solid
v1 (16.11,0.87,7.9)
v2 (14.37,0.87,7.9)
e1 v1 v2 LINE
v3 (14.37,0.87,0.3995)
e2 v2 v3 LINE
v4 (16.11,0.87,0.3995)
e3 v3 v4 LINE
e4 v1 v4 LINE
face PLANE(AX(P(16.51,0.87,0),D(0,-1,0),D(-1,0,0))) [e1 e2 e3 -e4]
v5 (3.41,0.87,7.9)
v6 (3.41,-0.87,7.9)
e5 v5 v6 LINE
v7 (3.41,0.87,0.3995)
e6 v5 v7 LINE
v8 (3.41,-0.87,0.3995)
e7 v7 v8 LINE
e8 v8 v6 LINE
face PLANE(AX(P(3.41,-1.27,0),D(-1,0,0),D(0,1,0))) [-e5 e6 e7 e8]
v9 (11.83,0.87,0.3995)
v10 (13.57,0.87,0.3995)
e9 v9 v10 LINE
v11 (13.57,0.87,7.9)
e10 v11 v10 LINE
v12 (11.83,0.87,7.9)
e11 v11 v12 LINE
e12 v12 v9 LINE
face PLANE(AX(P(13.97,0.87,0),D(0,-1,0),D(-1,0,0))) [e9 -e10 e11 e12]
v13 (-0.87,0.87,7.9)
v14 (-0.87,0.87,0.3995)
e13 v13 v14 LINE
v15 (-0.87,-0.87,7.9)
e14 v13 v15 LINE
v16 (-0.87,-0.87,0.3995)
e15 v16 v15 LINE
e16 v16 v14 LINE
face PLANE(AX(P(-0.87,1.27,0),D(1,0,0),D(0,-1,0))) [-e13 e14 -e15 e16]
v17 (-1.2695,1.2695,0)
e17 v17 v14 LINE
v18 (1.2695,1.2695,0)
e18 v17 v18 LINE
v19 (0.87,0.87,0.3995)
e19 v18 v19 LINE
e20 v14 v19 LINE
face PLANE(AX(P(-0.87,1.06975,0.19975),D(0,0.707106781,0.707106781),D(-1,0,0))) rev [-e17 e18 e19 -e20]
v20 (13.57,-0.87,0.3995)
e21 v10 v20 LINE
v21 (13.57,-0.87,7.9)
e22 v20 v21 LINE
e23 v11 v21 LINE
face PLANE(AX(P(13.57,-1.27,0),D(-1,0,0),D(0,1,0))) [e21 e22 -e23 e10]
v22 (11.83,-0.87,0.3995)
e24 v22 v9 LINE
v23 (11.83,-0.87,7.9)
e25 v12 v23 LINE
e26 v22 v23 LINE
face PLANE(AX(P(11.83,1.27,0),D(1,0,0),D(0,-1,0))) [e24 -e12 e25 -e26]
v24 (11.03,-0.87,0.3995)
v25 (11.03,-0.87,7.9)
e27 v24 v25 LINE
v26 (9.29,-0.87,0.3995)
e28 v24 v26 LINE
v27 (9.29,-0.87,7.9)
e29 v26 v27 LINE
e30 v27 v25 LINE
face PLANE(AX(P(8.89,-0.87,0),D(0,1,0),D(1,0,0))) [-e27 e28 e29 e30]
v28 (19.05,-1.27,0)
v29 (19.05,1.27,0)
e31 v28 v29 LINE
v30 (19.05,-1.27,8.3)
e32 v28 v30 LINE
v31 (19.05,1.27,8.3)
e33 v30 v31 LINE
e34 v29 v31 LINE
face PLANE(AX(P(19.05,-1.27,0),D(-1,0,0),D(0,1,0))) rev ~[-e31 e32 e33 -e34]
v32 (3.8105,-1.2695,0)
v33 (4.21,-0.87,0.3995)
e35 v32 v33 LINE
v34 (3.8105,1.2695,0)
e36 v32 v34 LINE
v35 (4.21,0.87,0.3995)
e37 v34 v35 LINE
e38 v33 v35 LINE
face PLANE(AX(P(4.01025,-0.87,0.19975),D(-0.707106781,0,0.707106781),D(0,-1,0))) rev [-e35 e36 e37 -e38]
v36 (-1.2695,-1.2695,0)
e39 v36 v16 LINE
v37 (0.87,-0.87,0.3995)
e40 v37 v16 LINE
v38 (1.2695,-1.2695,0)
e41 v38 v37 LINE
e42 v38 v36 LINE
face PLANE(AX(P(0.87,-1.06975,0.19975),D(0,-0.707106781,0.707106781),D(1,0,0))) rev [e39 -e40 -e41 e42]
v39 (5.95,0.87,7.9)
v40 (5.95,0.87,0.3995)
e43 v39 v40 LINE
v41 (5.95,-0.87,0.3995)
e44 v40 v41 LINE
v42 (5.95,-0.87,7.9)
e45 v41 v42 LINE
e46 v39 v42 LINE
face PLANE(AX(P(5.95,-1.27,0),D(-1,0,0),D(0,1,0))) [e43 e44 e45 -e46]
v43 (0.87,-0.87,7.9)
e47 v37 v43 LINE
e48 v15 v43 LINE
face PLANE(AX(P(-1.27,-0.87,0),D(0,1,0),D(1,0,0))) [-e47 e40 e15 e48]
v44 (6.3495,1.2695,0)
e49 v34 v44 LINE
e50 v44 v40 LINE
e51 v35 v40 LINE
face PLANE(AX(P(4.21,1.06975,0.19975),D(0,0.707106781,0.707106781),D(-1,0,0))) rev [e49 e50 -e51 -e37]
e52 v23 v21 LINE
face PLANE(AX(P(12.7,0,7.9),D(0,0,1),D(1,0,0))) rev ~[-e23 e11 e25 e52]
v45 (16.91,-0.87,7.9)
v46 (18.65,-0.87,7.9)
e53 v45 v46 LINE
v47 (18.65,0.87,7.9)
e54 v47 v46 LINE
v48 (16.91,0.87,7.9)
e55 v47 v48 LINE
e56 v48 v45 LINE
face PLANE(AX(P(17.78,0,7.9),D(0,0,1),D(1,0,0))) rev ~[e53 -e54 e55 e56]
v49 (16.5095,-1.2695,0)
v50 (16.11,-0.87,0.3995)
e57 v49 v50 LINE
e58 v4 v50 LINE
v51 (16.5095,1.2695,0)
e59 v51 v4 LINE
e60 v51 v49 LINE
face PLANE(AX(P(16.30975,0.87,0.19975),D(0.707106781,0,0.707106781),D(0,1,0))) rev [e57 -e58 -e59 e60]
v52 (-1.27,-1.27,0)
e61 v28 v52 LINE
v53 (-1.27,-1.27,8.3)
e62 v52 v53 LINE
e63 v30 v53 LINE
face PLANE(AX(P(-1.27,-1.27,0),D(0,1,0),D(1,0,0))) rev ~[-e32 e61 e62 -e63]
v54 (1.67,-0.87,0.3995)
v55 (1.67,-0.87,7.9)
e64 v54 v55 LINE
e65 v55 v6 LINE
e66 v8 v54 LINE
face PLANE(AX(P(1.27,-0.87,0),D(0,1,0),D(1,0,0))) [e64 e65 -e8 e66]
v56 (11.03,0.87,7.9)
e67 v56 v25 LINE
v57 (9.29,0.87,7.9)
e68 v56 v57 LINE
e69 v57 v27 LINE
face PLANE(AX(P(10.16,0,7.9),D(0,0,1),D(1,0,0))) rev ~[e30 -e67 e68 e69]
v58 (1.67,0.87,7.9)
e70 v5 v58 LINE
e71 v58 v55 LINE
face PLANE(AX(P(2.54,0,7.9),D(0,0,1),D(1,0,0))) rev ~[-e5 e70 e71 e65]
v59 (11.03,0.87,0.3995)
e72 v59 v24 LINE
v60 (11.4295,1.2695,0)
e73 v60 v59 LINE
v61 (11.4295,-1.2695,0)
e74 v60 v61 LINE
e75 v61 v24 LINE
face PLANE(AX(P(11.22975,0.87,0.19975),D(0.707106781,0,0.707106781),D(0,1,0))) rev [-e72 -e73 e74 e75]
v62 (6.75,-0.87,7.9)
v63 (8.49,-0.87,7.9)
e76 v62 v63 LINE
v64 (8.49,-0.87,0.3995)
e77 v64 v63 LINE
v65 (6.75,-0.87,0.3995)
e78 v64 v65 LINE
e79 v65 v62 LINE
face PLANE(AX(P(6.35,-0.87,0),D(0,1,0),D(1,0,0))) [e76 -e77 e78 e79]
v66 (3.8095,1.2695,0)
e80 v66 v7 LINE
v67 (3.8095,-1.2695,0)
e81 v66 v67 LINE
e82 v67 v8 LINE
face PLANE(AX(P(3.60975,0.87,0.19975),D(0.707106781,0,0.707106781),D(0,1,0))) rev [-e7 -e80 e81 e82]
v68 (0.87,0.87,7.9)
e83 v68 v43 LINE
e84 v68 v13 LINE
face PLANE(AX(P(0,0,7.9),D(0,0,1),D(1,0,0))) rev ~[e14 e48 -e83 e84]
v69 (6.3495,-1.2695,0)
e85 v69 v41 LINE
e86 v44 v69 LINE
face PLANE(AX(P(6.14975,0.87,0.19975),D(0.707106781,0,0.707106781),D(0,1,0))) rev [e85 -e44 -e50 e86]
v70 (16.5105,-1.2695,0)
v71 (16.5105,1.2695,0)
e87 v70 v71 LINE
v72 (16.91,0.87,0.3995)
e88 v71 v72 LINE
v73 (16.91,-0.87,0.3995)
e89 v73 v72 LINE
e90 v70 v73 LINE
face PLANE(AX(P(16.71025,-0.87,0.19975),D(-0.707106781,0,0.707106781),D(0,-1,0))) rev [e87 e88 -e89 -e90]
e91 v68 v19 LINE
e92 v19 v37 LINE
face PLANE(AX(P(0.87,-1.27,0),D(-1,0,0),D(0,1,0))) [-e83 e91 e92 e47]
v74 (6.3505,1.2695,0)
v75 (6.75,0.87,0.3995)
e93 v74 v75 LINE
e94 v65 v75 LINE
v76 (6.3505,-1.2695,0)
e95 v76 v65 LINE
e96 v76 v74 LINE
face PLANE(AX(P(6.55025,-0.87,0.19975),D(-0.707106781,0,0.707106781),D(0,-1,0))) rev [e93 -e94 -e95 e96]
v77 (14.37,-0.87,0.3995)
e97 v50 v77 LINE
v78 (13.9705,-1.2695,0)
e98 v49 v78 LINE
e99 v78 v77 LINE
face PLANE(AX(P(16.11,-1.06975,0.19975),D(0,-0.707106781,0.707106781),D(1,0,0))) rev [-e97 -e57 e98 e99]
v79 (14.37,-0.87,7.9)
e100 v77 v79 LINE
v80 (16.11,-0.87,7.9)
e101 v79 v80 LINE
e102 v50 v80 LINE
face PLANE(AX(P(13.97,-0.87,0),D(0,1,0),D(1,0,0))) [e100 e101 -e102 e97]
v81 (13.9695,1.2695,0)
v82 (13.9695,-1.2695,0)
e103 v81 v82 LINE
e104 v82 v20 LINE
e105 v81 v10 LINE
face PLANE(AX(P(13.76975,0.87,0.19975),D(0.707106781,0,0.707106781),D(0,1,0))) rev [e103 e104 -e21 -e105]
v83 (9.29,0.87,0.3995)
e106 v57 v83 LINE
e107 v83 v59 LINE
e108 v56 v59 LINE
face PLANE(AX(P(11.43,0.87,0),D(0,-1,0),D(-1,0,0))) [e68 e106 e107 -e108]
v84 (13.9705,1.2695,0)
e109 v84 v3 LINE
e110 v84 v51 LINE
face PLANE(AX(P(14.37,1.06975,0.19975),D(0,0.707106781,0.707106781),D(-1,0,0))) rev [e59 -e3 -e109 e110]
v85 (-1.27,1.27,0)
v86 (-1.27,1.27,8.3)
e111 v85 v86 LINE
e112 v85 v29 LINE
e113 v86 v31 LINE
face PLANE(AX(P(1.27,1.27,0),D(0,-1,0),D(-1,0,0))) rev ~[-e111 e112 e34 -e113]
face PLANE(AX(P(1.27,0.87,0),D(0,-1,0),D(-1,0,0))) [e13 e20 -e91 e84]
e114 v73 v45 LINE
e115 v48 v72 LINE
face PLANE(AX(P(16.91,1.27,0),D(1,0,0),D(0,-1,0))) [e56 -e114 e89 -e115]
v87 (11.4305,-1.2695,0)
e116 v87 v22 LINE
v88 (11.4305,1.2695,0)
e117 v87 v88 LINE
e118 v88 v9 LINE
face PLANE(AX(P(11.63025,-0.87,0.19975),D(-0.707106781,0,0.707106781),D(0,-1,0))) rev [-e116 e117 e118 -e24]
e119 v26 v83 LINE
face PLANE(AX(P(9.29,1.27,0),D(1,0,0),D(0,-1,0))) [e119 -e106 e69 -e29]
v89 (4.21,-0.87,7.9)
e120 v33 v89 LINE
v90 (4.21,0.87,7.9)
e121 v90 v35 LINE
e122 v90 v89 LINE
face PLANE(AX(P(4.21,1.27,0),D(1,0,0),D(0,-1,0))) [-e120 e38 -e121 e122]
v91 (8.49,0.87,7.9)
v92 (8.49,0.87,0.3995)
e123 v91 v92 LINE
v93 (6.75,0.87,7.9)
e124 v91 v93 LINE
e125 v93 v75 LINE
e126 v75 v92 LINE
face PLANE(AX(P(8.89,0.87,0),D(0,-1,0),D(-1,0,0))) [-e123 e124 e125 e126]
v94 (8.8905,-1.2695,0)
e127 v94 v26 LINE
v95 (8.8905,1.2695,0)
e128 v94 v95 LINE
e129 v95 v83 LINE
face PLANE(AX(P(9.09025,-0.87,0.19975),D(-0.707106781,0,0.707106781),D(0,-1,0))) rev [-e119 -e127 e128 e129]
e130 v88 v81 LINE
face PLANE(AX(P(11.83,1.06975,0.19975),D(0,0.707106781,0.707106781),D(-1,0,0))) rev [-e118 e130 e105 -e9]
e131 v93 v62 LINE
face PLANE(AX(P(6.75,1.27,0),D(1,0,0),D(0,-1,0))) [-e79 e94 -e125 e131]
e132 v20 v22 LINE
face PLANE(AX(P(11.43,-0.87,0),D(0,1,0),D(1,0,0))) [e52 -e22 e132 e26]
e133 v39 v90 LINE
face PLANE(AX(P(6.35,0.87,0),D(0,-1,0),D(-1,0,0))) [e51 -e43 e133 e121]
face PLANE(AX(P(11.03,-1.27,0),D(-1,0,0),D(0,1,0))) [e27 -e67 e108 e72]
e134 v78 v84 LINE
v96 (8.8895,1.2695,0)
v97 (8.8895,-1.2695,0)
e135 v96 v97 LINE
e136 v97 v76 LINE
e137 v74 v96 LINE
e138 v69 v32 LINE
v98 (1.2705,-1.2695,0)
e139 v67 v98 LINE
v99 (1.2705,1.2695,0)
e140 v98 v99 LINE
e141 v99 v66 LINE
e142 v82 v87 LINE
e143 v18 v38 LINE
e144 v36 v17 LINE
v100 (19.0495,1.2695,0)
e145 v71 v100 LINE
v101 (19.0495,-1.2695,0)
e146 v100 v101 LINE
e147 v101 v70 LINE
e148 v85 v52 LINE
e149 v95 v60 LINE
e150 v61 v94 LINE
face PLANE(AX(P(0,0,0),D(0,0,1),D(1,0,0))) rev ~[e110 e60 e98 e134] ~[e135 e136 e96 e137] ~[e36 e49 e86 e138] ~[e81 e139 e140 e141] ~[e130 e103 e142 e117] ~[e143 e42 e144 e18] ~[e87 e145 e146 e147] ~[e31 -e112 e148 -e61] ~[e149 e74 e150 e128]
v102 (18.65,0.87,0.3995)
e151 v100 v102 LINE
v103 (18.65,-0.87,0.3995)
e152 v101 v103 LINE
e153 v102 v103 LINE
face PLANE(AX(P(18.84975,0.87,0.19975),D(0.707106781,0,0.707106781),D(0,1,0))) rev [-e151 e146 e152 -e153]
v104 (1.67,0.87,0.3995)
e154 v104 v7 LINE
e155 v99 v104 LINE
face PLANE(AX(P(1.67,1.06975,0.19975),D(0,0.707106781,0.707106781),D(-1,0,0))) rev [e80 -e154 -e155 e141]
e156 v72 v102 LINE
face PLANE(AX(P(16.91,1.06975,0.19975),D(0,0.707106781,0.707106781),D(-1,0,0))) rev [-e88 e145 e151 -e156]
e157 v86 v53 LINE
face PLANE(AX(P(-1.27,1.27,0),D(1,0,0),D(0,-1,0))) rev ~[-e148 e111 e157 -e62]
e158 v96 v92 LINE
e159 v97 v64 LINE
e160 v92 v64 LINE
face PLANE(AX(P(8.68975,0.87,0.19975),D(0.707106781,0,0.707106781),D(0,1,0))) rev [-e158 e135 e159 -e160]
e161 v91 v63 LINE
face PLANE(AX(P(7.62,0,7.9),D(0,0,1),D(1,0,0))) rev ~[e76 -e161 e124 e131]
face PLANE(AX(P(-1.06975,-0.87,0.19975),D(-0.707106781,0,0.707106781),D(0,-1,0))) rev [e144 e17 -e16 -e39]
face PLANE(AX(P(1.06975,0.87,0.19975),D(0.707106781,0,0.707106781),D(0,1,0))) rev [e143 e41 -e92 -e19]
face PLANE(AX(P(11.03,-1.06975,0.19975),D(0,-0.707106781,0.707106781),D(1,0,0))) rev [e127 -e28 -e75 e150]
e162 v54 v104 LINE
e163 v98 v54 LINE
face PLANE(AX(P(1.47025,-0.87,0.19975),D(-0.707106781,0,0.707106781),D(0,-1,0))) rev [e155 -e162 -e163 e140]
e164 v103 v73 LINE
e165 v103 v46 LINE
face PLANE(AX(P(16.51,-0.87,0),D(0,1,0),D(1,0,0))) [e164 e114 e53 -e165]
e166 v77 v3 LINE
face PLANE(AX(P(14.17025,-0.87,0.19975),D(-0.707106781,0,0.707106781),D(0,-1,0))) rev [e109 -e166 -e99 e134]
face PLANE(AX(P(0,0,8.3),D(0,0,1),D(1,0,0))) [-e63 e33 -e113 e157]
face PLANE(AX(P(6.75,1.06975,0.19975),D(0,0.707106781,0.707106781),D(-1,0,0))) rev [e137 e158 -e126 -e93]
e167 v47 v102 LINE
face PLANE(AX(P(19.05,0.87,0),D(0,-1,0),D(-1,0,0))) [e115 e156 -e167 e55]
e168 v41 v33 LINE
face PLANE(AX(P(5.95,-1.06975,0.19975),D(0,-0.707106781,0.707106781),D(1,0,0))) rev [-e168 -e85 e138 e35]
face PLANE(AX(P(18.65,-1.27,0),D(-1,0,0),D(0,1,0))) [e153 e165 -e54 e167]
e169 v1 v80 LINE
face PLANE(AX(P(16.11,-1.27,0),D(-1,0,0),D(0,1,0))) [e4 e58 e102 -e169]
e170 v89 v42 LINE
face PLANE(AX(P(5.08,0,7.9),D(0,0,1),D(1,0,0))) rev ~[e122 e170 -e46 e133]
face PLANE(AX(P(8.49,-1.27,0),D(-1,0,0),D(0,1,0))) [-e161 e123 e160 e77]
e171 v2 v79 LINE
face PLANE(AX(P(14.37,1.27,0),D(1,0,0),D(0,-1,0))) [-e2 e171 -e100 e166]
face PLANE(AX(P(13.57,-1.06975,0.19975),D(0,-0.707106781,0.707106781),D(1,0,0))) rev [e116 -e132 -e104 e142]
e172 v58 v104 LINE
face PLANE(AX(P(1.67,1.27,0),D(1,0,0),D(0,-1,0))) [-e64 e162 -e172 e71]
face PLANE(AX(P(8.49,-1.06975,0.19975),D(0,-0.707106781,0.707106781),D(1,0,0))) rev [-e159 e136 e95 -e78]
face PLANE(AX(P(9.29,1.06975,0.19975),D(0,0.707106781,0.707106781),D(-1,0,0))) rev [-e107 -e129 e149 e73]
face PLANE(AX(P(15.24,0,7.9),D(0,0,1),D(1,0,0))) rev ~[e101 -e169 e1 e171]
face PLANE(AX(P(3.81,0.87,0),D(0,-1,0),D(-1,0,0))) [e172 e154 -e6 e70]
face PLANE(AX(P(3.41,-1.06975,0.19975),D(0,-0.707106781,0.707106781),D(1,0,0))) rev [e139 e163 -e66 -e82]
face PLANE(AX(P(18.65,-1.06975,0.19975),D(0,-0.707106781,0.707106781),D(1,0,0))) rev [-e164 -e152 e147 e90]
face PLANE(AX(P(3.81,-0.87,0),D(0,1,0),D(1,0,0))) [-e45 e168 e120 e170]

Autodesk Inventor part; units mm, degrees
ref_plane "YZ Plane" through (0, 0, 0) normal (1, 0, 0) x (0, 1, 0)
ref_plane "XZ Plane" through (0, 0, 0) normal (0, 1, 0) x (-1, 0, 0)
ref_plane "XY Plane" through (0, 0, 0) normal (0, 0, 1) x (1, 0, 0)
sketch "Sketch1" plane through (0, 0, 0) normal (0, 0, 1) x (1, 0, 0)
  line L0 (-1.27, -1.27) -> (1.27, -1.27)
  line L1 (1.27, -1.27) -> (1.27, 1.27)
  line L2 (1.27, 1.27) -> (-1.27, 1.27)
  line L3 (-1.27, 1.27) -> (-1.27, -1.27)
  line L4 (-1.27, -1.27) -> (1.27, 1.27) construction
  line L5 (1.27, -1.27) -> (-1.27, 1.27) construction
  line L6 (-1.07, 1.07) -> (1.07, 1.07)
  line L7 (1.07, 1.07) -> (1.07, -1.07)
  line L8 (1.07, -1.07) -> (-1.07, -1.07)
  line L9 (-1.07, -1.07) -> (-1.07, 1.07)
  point P0 (0, 0)
  point P1 (0, 1.07)
  dimension "d0" = 2.54
  dimension "d1" = 2.54
  dimension "d2" = 0.2
extrude "Extrusion1" add sketch "Sketch1" along normal blind 8.3 contours L3 L2 L1 L0 | L6 L7 L8 L9
shell "Shell1" thickness 0.4 removed faces 1 at (0.4233, -0.4233, 0)
chamfer "Chamfer1" distance 0.4 angle 45 4 edges at (0, -0.87, 0) (-0.87, 0, 0) (0, 0.87, 0) (0.87, 0, 0)
pattern_linear "Rectangular Pattern1" count 8 spacing 2.54 along (1, 0, 0)
properties part number "CasePinos"
